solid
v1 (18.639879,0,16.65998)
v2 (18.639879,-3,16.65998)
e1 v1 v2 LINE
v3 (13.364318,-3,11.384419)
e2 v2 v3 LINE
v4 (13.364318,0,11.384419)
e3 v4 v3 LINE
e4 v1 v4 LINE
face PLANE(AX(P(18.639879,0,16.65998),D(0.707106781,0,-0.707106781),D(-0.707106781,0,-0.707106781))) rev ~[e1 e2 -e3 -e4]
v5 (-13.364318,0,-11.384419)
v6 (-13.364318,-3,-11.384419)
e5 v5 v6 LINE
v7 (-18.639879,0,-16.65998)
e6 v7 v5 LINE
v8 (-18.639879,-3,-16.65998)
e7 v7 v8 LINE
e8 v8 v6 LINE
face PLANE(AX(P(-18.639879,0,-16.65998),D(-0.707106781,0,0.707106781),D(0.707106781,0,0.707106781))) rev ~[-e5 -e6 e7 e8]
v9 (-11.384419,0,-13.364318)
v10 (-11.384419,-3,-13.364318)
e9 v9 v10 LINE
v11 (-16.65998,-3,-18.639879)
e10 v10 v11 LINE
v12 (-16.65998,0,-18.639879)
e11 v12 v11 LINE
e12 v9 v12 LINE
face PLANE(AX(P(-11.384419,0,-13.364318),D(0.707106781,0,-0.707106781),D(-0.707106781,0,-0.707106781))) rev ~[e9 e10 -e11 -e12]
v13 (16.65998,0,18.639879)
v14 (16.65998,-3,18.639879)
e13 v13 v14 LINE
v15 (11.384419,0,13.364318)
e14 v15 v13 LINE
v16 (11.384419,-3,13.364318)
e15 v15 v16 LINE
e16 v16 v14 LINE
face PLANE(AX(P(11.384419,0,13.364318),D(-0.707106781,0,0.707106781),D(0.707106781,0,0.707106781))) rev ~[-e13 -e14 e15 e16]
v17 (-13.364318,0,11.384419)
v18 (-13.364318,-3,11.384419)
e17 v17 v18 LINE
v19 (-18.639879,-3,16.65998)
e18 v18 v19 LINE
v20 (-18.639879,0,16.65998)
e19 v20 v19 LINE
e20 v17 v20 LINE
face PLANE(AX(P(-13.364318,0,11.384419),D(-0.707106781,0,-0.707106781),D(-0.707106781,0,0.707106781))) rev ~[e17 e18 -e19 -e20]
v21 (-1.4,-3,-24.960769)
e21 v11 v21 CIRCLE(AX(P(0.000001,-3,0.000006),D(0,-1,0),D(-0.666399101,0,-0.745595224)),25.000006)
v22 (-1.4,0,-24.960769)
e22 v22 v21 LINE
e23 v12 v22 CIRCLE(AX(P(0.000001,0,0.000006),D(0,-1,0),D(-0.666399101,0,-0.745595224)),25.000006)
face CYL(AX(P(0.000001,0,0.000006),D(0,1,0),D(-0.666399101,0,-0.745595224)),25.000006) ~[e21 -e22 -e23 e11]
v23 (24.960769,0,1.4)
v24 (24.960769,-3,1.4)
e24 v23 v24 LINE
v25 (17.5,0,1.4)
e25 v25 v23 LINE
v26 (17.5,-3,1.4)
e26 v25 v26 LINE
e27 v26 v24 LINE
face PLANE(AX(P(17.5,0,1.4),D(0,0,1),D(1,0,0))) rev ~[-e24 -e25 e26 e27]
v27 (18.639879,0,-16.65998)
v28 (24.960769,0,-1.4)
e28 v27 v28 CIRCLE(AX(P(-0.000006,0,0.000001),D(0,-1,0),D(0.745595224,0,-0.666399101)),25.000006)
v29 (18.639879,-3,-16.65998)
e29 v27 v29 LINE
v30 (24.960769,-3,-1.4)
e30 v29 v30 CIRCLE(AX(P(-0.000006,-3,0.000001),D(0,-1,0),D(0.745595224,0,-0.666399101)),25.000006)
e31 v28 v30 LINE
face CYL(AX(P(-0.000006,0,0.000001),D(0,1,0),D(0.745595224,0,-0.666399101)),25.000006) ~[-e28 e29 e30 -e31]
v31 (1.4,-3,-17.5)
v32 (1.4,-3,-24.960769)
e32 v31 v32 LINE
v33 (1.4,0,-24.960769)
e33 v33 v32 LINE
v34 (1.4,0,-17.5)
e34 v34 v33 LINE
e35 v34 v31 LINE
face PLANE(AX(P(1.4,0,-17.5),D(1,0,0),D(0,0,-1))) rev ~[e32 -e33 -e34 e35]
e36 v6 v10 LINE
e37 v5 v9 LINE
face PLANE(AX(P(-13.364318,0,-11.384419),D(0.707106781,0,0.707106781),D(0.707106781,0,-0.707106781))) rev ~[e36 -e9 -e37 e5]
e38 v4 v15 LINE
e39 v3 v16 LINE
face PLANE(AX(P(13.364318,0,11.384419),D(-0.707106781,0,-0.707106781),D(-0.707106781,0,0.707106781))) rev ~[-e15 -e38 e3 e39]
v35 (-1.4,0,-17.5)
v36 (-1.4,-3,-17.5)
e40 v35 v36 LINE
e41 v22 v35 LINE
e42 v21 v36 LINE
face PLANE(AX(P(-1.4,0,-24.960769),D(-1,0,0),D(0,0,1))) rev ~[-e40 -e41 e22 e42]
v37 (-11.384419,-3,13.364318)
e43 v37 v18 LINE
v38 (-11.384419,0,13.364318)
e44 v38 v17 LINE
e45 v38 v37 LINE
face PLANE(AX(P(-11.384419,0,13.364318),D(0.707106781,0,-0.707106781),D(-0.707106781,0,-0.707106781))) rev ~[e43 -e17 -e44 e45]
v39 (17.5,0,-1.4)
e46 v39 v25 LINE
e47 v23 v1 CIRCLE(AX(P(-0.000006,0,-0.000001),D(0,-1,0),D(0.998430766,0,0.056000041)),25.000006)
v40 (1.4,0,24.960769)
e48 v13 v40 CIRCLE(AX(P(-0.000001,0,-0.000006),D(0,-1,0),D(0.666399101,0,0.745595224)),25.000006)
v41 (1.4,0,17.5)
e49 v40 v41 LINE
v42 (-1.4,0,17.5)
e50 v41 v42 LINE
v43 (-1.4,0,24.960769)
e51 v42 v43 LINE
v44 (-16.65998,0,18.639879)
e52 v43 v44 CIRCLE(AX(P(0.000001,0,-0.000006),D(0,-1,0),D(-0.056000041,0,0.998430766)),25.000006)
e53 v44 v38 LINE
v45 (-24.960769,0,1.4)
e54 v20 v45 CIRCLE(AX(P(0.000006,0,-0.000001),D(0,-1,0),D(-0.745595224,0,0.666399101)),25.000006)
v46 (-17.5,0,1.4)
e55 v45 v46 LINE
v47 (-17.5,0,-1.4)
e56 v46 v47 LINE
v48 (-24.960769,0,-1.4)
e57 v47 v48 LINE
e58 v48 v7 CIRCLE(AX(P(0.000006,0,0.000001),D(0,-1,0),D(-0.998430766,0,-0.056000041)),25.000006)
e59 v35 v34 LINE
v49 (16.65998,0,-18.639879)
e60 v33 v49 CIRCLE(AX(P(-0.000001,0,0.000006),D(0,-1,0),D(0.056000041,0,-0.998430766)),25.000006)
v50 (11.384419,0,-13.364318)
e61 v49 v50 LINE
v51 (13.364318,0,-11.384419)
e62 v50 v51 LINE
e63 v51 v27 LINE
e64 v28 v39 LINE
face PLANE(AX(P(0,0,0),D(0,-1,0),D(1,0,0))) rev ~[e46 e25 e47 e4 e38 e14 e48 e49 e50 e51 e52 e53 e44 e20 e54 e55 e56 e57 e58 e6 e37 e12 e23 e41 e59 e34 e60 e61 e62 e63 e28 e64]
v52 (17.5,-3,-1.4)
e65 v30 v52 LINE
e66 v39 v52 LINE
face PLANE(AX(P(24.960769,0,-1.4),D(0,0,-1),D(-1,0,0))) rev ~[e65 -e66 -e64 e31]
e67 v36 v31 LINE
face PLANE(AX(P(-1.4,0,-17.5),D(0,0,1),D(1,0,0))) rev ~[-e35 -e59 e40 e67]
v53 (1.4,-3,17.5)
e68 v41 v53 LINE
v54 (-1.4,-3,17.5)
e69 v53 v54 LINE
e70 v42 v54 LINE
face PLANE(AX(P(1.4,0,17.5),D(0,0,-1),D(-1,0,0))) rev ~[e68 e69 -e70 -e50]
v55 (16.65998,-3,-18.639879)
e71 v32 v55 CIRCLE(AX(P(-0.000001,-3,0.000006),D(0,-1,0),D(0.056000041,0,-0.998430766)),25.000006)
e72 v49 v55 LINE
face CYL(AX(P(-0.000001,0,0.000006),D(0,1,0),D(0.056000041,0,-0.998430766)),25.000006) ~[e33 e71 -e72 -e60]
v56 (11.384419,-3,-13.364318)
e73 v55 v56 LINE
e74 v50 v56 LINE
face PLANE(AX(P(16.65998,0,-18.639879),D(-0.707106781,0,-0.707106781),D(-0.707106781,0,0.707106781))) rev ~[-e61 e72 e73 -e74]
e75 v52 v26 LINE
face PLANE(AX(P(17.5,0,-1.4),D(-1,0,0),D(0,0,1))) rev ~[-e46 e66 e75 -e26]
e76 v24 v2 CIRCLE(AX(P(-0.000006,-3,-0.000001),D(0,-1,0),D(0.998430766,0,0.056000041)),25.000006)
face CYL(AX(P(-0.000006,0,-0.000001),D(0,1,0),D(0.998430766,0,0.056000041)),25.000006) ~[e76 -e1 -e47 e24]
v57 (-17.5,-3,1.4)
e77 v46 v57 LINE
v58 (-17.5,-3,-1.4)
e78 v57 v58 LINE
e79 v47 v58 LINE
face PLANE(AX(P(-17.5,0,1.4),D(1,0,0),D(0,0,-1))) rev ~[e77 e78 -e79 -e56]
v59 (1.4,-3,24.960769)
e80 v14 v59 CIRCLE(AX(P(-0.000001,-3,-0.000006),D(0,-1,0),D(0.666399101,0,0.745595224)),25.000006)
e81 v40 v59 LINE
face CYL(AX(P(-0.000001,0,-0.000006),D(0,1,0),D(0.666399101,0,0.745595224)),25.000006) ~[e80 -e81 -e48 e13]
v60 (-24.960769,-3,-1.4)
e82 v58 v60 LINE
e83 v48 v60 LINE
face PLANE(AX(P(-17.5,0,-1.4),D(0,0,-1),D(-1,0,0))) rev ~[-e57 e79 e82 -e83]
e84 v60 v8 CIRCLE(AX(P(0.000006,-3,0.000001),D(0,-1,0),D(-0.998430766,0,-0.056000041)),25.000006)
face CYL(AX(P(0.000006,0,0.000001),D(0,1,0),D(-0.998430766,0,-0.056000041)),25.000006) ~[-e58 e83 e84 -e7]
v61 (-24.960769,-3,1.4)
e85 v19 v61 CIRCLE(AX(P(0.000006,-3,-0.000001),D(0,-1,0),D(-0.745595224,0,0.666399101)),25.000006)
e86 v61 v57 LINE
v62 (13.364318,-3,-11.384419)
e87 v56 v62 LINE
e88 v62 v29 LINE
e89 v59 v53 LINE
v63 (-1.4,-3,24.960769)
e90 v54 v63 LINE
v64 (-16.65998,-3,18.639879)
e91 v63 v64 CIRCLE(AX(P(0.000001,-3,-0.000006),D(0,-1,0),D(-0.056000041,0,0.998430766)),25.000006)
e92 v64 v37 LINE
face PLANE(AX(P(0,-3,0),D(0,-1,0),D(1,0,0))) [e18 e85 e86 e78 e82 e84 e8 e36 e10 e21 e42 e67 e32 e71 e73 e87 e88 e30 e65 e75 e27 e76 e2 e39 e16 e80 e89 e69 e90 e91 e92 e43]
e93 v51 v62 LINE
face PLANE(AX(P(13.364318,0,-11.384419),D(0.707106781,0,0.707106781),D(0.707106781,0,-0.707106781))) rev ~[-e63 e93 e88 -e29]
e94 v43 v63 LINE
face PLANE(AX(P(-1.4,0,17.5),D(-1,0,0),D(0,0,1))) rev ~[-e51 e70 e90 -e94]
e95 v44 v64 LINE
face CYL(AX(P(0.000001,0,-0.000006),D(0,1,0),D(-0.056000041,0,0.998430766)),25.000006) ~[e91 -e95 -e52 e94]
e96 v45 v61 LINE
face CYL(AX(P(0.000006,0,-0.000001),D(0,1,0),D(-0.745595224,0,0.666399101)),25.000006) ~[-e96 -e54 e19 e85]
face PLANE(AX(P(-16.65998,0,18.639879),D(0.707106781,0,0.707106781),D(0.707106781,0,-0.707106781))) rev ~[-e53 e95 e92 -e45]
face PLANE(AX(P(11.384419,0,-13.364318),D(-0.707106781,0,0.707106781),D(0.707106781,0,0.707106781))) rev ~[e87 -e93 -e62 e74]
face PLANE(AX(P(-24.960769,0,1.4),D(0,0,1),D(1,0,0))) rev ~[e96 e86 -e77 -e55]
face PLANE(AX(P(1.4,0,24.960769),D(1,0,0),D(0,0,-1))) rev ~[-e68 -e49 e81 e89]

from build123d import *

# Parameters (mm, degrees)
F1_DEPTH = 3


with BuildPart() as f1:
    # F0 (on Front) → F1 (new body)
    with BuildSketch(Plane.XZ):
        with BuildLine():
            Line((11.384419, 13.364318), (16.65998, 18.639879))
            ThreePointArc((16.65998, 18.639879), (9.567086, 23.096988), (1.4, 24.960769))
            Line((1.4, 24.960769), (1.4, 17.5))
            Line((1.4, 17.5), (-1.4, 17.5))
            Line((-1.4, 17.5), (-1.4, 24.960769))
            ThreePointArc((-1.4, 24.960769), (-9.567086, 23.096988), (-16.65998, 18.639879))
            Line((-16.65998, 18.639879), (-11.384419, 13.364318))
            Line((-11.384419, 13.364318), (-13.364318, 11.384419))
            Line((-13.364318, 11.384419), (-18.639879, 16.65998))
            ThreePointArc((-18.639879, 16.65998), (-23.096988, 9.567086), (-24.960769, 1.4))
            Line((-24.960769, 1.4), (-17.5, 1.4))
            Line((-17.5, 1.4), (-17.5, -1.4))
            Line((-17.5, -1.4), (-24.960769, -1.4))
            ThreePointArc((-24.960769, -1.4), (-23.096988, -9.567086), (-18.639879, -16.65998))
            Line((-18.639879, -16.65998), (-13.364318, -11.384419))
            Line((-13.364318, -11.384419), (-11.384419, -13.364318))
            Line((-11.384419, -13.364318), (-16.65998, -18.639879))
            ThreePointArc((-16.65998, -18.639879), (-9.567086, -23.096988), (-1.4, -24.960769))
            Line((-1.4, -24.960769), (-1.4, -17.5))
            Line((-1.4, -17.5), (1.4, -17.5))
            Line((1.4, -17.5), (1.4, -24.960769))
            ThreePointArc((1.4, -24.960769), (9.567086, -23.096988), (16.65998, -18.639879))
            Line((16.65998, -18.639879), (11.384419, -13.364318))
            Line((11.384419, -13.364318), (13.364318, -11.384419))
            Line((13.364318, -11.384419), (18.639879, -16.65998))
            ThreePointArc((18.639879, -16.65998), (23.096988, -9.567086), (24.960769, -1.4))
            Line((24.960769, -1.4), (17.5, -1.4))
            Line((17.5, -1.4), (17.5, 1.4))
            Line((17.5, 1.4), (24.960769, 1.4))
            ThreePointArc((24.960769, 1.4), (23.096988, 9.567086), (18.639879, 16.65998))
            Line((18.639879, 16.65998), (13.364318, 11.384419))
            Line((13.364318, 11.384419), (11.384419, 13.364318))
        make_face()
    extrude(amount=F1_DEPTH)


solid = f1.part
